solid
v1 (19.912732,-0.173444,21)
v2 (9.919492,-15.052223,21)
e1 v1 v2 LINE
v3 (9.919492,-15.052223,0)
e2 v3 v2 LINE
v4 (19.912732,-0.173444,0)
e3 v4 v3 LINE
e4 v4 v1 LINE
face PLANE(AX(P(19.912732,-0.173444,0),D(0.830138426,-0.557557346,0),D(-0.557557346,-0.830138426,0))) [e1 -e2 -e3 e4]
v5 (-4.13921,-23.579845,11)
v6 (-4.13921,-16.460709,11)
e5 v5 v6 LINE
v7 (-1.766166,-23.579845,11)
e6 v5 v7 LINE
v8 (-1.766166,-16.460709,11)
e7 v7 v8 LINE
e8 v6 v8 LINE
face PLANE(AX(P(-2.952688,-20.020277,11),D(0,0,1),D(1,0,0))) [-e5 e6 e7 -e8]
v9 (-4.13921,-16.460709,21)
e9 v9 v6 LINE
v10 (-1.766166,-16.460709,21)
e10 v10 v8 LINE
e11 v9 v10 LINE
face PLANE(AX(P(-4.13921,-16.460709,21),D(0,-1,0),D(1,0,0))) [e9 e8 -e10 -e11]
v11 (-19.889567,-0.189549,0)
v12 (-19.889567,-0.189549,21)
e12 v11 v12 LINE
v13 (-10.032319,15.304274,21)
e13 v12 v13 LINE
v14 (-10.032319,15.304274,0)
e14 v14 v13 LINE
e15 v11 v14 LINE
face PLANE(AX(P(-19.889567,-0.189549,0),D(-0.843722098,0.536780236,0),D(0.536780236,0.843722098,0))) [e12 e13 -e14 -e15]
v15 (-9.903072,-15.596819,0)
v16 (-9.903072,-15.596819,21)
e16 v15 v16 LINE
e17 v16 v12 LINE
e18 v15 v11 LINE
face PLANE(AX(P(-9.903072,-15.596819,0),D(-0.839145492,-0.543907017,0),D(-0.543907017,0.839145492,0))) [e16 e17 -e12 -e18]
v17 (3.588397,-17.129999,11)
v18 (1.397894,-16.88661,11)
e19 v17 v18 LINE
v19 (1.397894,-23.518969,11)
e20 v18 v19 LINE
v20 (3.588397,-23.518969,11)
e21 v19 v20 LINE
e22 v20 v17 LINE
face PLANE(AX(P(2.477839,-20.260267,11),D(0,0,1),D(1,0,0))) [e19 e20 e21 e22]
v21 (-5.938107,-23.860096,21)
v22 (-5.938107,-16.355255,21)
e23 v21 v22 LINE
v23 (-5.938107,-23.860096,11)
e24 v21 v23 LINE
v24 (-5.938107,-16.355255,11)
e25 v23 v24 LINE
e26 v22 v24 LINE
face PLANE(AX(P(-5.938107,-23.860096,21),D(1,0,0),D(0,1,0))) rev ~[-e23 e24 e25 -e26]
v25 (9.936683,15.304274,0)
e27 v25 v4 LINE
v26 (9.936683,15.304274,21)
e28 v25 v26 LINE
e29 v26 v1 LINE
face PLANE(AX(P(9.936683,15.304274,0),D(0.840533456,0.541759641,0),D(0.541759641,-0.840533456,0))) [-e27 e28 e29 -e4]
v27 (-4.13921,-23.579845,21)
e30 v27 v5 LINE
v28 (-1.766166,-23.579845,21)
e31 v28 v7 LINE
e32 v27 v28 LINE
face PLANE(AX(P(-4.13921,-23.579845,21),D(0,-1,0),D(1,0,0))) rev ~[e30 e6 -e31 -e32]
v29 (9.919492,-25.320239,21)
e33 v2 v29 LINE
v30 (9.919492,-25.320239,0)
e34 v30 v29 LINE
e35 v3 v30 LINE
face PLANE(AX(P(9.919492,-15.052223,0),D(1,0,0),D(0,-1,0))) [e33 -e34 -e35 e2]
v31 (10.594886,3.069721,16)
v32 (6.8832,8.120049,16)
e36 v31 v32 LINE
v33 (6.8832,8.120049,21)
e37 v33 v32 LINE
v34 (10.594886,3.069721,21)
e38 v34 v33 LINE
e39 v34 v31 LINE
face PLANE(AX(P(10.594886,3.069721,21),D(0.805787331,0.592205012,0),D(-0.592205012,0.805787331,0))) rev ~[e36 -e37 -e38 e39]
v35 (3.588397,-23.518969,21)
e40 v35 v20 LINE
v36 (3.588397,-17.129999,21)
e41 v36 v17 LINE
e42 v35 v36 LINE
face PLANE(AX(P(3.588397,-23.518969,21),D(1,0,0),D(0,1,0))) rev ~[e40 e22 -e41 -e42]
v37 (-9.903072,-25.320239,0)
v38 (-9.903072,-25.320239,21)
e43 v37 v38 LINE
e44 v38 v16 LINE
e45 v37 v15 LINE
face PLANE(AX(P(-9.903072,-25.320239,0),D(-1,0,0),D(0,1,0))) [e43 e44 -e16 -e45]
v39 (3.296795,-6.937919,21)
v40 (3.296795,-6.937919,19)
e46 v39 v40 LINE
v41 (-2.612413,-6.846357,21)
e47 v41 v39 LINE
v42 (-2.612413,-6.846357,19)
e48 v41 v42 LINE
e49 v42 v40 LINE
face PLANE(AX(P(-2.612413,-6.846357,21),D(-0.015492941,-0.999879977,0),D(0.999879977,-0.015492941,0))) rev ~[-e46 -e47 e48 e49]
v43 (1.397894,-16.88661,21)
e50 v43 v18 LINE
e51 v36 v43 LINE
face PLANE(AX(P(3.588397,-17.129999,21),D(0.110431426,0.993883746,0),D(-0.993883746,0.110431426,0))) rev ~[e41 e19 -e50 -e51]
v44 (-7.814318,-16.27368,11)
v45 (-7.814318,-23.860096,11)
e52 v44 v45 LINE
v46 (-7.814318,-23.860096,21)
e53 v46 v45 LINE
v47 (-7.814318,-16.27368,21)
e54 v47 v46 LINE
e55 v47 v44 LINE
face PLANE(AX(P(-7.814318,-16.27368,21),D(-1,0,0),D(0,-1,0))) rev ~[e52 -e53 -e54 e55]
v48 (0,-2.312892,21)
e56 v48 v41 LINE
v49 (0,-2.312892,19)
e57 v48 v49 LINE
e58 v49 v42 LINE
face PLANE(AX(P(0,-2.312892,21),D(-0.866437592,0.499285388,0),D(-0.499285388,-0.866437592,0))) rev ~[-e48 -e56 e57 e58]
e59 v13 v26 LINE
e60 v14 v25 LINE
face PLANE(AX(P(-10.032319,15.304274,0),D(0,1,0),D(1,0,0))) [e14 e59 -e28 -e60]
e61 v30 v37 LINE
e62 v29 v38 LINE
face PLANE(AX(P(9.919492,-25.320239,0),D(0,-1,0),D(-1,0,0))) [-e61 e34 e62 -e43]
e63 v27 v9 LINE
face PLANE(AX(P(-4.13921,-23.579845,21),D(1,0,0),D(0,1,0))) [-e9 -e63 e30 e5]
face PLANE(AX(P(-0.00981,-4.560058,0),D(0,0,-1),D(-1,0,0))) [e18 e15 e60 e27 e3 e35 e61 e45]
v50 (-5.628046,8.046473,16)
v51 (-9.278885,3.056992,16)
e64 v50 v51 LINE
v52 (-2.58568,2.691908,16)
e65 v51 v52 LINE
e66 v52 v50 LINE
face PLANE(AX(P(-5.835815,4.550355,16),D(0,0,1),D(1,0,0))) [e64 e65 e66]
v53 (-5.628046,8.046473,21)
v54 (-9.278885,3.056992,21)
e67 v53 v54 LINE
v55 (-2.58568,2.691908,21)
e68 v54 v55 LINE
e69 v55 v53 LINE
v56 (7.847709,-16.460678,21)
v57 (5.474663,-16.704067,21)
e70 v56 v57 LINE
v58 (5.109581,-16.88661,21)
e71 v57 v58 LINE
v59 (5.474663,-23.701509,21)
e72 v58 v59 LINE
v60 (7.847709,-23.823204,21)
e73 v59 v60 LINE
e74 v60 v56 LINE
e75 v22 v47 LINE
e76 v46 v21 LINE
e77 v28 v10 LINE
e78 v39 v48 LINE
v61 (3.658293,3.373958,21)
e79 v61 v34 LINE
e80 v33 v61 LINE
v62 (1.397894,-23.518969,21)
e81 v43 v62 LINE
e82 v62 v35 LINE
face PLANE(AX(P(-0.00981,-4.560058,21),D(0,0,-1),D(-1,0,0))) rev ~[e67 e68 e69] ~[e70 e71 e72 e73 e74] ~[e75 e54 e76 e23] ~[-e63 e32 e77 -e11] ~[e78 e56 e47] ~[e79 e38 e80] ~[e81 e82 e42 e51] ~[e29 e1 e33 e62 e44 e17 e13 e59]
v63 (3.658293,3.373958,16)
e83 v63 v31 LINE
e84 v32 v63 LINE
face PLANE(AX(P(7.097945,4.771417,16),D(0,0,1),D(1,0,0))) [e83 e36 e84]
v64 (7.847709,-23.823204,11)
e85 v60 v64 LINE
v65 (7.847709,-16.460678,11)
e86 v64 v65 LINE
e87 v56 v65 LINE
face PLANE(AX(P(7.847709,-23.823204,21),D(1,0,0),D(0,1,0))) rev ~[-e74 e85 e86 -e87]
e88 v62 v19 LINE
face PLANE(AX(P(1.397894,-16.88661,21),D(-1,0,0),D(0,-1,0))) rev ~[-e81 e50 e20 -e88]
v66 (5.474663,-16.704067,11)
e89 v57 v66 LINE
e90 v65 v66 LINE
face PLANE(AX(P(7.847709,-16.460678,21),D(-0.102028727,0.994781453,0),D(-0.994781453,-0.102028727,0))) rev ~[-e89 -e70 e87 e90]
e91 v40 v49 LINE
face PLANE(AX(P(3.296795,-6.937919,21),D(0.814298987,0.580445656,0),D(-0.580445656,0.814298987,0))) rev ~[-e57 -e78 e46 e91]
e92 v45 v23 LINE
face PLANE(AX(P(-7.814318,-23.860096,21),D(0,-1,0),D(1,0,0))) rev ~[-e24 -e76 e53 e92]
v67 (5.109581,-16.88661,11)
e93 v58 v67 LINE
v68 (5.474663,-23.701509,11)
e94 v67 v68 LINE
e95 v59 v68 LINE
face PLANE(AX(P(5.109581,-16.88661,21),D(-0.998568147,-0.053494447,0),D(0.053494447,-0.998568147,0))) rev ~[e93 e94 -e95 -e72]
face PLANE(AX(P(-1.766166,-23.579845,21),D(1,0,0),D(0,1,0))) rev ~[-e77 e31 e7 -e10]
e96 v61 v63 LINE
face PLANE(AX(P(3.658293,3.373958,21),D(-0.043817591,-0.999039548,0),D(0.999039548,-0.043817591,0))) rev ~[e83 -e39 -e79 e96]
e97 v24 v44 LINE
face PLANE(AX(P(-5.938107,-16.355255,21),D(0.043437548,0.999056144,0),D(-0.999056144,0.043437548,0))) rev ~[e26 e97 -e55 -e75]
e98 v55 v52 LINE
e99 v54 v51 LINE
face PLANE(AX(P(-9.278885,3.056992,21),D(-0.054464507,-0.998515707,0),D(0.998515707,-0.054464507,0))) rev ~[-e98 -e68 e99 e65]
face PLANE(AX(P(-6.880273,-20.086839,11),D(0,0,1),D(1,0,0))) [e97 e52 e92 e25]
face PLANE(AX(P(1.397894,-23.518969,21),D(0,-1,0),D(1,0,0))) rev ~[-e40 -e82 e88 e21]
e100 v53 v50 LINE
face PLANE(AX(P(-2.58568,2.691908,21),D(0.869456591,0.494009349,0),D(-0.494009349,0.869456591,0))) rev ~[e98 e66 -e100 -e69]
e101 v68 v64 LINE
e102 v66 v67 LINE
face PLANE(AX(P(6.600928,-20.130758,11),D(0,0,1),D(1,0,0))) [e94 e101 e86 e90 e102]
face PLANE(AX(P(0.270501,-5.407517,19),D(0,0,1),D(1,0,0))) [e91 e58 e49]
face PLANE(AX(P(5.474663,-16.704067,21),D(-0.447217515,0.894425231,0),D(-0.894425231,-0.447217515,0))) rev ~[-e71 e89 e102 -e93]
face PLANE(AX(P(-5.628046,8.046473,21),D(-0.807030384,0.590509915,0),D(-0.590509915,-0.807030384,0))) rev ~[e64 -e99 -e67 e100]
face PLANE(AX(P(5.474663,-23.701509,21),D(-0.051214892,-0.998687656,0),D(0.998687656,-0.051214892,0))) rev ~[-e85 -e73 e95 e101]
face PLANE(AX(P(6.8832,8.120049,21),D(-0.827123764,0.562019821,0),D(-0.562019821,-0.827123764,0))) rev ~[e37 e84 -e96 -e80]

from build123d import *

# Parameters (mm, degrees)
PAD_DEPTH       = 21
POCKET_DEPTH    = 5
POCKET001_DEPTH = 5
POCKET002_DEPTH = 10
SKETCH004_W     = 2.373045
SKETCH004_H     = 7.119136
POCKET003_DEPTH = 10
POCKET004_DEPTH = 10
POCKET005_DEPTH = 10
POCKET006_DEPTH = 2


with BuildPart() as part:
    # Sketch → Pad (new body)
    with BuildSketch(Plane.XY):
        Polygon((-10.032319, 15.304274), (9.936683, 15.304274), (19.912732, -0.173444), (9.919492, -15.052223), (9.919492, -25.320239), (-9.903072, -25.320239), (-9.903072, -15.596819), (-19.889567, -0.189549), align=None)
    extrude(amount=PAD_DEPTH)

    # Sketch001 (on Face10 of Pad) → Pocket (cut)
    with BuildSketch(Plane.XY.offset(21)):
        Polygon((-5.628046, 8.046473), (-9.278885, 3.056992), (-2.58568, 2.691908), align=None)
    extrude(amount=-POCKET_DEPTH, mode=Mode.SUBTRACT)

    # Sketch002 (on Face5 of Pocket) → Pocket001 (cut)
    with BuildSketch(Plane.XY.offset(21)):
        Polygon((6.8832, 8.120049), (3.658293, 3.373958), (10.594886, 3.069721), align=None)
    extrude(amount=-POCKET001_DEPTH, mode=Mode.SUBTRACT)

    # Sketch003 (on Face5 of Pocket001) → Pocket002 (cut)
    with BuildSketch(Plane.XY.offset(21)):
        Polygon((-7.814318, -23.860096), (-5.938107, -23.860096), (-5.938107, -16.355255), (-7.814318, -16.27368), align=None)
    extrude(amount=-POCKET002_DEPTH, mode=Mode.SUBTRACT)

    # Sketch004 (on Face5 of Pocket002) → Pocket003 (cut)
    with BuildSketch(Plane.XY.offset(21)):
        with Locations((-2.952688, -20.020277)):
            Rectangle(SKETCH004_W, SKETCH004_H)
    extrude(amount=-POCKET003_DEPTH, mode=Mode.SUBTRACT)

    # Sketch005 (on Face5 of Pocket003) → Pocket004 (cut)
    with BuildSketch(Plane.XY.offset(21)):
        Polygon((1.397894, -16.88661), (1.397894, -23.518969), (3.588397, -23.518969), (3.588397, -17.129999), align=None)
    extrude(amount=-POCKET004_DEPTH, mode=Mode.SUBTRACT)

    # Sketch006 (on Face5 of Pocket004) → Pocket005 (cut)
    with BuildSketch(Plane.XY.offset(21)):
        Polygon((5.109581, -16.88661), (5.474663, -23.701509), (7.847709, -23.823204), (7.847709, -16.460678), (5.474663, -16.704067), align=None)
    extrude(amount=-POCKET005_DEPTH, mode=Mode.SUBTRACT)

    # Sketch007 (on Face5 of Pocket005) → Pocket006 (cut)
    with BuildSketch(Plane.XY.offset(21)):
        Polygon((0, -2.312892), (-2.612413, -6.846357), (3.296795, -6.937919), align=None)
    extrude(amount=-POCKET006_DEPTH, mode=Mode.SUBTRACT)


solid = part.part
